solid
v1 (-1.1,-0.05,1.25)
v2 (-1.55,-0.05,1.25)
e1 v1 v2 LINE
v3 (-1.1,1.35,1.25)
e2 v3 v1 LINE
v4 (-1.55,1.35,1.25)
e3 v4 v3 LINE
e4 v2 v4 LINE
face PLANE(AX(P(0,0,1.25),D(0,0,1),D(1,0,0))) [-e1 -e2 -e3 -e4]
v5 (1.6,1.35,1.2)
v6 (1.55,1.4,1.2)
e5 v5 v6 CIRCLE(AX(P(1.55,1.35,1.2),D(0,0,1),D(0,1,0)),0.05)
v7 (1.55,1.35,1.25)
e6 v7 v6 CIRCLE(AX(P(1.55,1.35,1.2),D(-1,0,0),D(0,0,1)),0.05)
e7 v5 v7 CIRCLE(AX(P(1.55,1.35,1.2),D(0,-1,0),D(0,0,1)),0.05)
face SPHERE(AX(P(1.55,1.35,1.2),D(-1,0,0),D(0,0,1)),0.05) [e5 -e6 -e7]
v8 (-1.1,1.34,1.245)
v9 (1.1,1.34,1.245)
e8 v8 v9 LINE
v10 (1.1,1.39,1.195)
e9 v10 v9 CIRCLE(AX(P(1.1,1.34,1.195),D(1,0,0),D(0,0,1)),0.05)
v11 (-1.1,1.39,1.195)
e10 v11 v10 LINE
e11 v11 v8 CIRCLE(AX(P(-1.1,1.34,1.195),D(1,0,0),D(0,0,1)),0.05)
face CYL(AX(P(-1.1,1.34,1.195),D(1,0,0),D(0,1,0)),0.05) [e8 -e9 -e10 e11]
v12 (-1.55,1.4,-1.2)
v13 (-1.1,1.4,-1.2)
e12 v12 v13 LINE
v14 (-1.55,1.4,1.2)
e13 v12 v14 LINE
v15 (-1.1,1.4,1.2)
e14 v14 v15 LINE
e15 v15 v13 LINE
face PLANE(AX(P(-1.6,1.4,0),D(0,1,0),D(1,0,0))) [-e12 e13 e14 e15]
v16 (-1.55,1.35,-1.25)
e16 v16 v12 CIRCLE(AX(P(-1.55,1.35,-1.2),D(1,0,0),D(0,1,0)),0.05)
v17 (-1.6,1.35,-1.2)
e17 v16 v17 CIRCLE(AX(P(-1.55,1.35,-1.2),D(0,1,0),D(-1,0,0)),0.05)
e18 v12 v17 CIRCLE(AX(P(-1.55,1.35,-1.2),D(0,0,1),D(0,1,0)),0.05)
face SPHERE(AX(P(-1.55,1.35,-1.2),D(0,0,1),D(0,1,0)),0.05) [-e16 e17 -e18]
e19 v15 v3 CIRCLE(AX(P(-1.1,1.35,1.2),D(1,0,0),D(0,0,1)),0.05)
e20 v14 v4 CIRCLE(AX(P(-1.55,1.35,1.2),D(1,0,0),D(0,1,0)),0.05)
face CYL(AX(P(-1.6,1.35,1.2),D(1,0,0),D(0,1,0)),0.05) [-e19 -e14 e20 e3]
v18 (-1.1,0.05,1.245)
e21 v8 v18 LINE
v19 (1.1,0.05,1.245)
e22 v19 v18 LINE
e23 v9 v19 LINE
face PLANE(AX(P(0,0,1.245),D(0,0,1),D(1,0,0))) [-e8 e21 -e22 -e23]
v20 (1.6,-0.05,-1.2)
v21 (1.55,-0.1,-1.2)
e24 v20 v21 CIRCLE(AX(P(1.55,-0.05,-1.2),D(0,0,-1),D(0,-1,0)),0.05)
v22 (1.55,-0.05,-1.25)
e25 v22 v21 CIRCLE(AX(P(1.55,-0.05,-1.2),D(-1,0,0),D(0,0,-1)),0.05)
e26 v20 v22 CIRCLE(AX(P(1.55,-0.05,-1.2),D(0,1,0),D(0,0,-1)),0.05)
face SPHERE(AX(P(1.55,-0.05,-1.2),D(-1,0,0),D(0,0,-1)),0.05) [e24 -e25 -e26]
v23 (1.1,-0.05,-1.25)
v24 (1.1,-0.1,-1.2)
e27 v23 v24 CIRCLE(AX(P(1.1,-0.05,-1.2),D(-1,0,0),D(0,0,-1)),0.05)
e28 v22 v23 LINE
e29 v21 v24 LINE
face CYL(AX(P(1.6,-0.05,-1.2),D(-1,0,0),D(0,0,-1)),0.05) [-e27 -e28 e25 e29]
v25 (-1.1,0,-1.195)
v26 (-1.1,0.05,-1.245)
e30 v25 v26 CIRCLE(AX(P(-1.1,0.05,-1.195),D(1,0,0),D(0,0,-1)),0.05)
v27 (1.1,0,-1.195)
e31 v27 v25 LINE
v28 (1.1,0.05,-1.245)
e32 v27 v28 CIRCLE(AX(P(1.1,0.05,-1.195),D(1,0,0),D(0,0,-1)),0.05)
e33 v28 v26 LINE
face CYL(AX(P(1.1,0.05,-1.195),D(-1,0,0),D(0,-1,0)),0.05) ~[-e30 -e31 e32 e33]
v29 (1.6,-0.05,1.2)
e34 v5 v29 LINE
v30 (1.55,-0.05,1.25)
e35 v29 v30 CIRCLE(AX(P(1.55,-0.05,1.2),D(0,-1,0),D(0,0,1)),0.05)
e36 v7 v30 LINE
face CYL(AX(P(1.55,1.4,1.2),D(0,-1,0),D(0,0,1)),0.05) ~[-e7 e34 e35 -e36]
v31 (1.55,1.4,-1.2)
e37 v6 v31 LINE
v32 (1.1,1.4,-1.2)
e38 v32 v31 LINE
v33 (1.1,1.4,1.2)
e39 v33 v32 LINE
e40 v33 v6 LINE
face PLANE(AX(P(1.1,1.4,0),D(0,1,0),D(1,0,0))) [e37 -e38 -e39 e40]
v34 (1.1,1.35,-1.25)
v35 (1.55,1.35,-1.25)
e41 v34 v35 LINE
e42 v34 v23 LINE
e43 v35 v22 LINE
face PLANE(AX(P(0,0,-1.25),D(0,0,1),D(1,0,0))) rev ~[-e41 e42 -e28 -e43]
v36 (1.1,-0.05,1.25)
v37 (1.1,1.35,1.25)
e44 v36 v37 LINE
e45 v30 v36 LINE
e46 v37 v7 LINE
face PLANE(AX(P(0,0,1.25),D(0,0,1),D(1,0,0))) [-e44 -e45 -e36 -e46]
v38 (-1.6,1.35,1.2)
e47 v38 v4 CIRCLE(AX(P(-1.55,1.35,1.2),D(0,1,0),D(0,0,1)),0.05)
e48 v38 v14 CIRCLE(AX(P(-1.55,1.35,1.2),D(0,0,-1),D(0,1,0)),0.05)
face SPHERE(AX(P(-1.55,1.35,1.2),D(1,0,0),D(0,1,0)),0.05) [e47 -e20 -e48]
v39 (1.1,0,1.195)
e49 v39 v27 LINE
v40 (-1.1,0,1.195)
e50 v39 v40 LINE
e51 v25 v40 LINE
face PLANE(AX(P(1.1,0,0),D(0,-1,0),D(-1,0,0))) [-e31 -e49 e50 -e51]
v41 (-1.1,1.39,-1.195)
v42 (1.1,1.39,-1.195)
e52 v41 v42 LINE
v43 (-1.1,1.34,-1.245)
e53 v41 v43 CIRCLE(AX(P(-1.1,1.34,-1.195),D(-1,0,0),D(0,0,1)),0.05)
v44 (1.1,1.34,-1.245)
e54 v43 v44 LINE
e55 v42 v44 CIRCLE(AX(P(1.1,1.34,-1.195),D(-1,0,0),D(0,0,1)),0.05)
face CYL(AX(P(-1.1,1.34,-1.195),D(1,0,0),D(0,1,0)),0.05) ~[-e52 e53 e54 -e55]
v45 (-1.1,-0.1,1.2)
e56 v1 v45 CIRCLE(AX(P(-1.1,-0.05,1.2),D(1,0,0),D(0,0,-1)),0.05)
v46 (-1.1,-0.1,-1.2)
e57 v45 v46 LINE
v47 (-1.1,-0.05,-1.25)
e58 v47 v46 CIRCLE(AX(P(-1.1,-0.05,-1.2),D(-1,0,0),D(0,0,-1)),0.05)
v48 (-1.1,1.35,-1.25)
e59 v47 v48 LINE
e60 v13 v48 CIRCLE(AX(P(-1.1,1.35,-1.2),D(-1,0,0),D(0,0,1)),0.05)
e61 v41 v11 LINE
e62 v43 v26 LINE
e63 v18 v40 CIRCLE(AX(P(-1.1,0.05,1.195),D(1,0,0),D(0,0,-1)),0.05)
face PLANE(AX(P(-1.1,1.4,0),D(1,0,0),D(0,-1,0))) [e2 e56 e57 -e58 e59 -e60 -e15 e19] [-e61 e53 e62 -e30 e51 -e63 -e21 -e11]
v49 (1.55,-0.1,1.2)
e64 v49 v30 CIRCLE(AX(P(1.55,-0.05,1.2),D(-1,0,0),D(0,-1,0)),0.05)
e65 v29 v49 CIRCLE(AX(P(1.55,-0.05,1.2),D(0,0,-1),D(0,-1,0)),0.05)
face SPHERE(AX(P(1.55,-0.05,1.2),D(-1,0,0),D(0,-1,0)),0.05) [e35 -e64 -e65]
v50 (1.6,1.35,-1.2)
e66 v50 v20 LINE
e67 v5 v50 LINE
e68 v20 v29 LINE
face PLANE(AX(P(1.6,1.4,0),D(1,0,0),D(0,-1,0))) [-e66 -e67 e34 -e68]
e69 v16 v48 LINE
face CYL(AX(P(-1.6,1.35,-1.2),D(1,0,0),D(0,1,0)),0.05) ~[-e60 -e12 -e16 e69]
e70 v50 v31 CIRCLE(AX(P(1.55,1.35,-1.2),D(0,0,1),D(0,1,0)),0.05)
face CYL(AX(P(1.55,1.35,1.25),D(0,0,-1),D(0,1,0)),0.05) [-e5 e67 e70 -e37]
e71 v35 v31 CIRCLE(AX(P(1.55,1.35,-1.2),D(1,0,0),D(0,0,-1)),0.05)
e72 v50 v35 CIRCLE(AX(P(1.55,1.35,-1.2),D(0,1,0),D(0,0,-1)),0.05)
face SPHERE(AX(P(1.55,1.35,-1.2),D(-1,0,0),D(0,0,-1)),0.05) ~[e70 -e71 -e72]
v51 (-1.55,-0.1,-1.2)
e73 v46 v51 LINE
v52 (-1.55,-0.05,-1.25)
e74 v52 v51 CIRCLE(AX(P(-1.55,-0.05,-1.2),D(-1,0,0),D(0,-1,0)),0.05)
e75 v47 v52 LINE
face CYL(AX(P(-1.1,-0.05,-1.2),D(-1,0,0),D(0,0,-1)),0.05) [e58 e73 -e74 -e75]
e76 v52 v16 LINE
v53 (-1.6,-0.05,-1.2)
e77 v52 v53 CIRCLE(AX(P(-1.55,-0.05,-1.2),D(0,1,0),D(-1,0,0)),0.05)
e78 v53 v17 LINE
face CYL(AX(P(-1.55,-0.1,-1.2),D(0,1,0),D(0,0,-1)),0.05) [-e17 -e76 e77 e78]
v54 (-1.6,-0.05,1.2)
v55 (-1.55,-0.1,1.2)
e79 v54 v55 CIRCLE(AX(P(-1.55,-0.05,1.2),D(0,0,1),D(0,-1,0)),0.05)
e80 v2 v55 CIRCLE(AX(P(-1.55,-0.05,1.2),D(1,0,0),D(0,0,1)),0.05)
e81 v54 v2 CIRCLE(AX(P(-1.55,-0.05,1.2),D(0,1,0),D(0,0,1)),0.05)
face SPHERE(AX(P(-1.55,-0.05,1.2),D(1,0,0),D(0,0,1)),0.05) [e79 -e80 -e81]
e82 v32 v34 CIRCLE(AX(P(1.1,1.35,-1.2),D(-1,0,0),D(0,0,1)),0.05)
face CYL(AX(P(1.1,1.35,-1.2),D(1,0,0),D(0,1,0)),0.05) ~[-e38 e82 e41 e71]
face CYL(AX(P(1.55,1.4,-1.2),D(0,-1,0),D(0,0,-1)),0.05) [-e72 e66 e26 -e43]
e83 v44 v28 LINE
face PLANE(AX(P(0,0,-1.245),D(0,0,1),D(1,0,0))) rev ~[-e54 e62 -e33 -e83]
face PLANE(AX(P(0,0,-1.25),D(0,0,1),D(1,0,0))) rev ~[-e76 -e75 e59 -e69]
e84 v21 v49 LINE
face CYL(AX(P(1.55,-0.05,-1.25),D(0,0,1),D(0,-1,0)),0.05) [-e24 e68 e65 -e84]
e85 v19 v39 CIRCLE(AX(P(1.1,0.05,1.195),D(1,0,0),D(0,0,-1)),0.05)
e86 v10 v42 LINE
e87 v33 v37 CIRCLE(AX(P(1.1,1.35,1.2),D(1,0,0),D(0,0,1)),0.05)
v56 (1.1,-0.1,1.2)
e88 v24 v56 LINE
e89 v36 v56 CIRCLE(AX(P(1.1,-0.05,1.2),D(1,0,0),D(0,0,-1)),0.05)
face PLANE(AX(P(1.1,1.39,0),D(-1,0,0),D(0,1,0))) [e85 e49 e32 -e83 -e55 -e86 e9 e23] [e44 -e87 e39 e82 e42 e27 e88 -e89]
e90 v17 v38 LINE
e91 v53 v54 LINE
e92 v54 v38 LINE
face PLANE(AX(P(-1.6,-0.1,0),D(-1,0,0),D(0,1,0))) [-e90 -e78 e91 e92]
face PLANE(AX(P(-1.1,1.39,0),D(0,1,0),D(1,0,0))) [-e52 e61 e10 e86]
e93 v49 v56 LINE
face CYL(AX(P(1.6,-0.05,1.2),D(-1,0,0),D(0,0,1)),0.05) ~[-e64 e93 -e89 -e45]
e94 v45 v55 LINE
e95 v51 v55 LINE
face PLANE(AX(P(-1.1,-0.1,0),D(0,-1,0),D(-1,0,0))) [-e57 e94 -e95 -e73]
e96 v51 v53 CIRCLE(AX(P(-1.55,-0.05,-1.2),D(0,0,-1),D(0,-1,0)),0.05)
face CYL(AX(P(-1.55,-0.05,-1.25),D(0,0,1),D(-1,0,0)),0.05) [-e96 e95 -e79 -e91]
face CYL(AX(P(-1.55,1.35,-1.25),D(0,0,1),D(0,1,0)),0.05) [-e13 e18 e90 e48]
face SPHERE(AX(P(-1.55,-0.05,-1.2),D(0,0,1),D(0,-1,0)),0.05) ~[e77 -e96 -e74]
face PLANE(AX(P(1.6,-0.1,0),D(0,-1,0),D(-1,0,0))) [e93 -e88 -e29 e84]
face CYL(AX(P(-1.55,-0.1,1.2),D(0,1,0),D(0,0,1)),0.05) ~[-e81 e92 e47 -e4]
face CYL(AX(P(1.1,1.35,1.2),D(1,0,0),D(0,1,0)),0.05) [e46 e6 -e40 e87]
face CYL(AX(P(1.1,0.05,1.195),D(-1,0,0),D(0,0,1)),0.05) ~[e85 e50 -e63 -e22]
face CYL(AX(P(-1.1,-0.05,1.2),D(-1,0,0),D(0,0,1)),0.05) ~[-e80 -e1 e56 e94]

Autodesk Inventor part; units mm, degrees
ref_plane "YZ Plane" through (0, 0, 0) normal (1, 0, 0) x (0, 1, 0)
ref_plane "XZ Plane" through (0, 0, 0) normal (0, 1, 0) x (-1, 0, 0)
ref_plane "XY Plane" through (0, 0, 0) normal (0, 0, 1) x (1, 0, 0)
sketch "Sketch1" plane through (0, 0, 0) normal (0, 0, 1) x (1, 0, 0)
  line L0 (-1.6, 1.4) -> (-1.1, 1.4)
  line L1 (-1.1, 1.4) -> (-1.1, -0.1)
  line L2 (-1.1, -0.1) -> (-1.6, -0.1)
  line L3 (-1.6, -0.1) -> (-1.6, 1.4)
  line L4 (-1.1, 1.39) -> (1.1, 1.39)
  line L5 (1.1, 1.39) -> (1.1, 0)
  line L6 (1.1, 0) -> (-1.1, 0)
  line L7 (-1.1, 0) -> (-1.1, 1.39)
  line L8 (1.1, 1.4) -> (1.6, 1.4)
  line L9 (1.6, 1.4) -> (1.6, -0.1)
  line L10 (1.6, -0.1) -> (1.1, -0.1)
  line L11 (1.1, -0.1) -> (1.1, 1.4)
  point P0 (0, 0)
  point P1 (0, 1.39)
  point P2 (0, 0)
  dimension "d0" = 3.2
  dimension "d1" = 1.5
  dimension "d2" = 0.5
  dimension "d3" = 0.1
  dimension "d6" = 0.01
extrude "Extrusion1" add sketch "Sketch1" along normal mid plane 2.5 contours L0 L1 L2 L3 | L11 L8 L9 L10 L5
extrude "Extrusion2" add sketch "Sketch1" along normal mid plane 2.49 contours L4 L5 L6 L1
fillet "Fillet1" radius 0.05 20 edges at (0, 1.39, 1.245) (0, 0, 1.245) (0, 1.39, -1.245) (0, 0, -1.245) (-1.35, 1.4, 1.25) (-1.35, -0.1, 1.25) (1.35, -0.1, 1.25) (1.35, 1.4, 1.25) (1.35, 1.4, -1.25) (1.35, -0.1, -1.25) (1.6, 0.65, -1.25) (1.6, -0.1, 0) (1.6, 0.65, 1.25) (1.6, 1.4, 0) (-1.6, 1.4, 0) (-1.6, 0.65, 1.25) (-1.6, -0.1, 0) (-1.35, 1.4, -1.25) (-1.35, -0.1, -1.25) (-1.6, 0.65, -1.25)
properties part number "Capacitor_3216-1.6mm" material "Copper"
